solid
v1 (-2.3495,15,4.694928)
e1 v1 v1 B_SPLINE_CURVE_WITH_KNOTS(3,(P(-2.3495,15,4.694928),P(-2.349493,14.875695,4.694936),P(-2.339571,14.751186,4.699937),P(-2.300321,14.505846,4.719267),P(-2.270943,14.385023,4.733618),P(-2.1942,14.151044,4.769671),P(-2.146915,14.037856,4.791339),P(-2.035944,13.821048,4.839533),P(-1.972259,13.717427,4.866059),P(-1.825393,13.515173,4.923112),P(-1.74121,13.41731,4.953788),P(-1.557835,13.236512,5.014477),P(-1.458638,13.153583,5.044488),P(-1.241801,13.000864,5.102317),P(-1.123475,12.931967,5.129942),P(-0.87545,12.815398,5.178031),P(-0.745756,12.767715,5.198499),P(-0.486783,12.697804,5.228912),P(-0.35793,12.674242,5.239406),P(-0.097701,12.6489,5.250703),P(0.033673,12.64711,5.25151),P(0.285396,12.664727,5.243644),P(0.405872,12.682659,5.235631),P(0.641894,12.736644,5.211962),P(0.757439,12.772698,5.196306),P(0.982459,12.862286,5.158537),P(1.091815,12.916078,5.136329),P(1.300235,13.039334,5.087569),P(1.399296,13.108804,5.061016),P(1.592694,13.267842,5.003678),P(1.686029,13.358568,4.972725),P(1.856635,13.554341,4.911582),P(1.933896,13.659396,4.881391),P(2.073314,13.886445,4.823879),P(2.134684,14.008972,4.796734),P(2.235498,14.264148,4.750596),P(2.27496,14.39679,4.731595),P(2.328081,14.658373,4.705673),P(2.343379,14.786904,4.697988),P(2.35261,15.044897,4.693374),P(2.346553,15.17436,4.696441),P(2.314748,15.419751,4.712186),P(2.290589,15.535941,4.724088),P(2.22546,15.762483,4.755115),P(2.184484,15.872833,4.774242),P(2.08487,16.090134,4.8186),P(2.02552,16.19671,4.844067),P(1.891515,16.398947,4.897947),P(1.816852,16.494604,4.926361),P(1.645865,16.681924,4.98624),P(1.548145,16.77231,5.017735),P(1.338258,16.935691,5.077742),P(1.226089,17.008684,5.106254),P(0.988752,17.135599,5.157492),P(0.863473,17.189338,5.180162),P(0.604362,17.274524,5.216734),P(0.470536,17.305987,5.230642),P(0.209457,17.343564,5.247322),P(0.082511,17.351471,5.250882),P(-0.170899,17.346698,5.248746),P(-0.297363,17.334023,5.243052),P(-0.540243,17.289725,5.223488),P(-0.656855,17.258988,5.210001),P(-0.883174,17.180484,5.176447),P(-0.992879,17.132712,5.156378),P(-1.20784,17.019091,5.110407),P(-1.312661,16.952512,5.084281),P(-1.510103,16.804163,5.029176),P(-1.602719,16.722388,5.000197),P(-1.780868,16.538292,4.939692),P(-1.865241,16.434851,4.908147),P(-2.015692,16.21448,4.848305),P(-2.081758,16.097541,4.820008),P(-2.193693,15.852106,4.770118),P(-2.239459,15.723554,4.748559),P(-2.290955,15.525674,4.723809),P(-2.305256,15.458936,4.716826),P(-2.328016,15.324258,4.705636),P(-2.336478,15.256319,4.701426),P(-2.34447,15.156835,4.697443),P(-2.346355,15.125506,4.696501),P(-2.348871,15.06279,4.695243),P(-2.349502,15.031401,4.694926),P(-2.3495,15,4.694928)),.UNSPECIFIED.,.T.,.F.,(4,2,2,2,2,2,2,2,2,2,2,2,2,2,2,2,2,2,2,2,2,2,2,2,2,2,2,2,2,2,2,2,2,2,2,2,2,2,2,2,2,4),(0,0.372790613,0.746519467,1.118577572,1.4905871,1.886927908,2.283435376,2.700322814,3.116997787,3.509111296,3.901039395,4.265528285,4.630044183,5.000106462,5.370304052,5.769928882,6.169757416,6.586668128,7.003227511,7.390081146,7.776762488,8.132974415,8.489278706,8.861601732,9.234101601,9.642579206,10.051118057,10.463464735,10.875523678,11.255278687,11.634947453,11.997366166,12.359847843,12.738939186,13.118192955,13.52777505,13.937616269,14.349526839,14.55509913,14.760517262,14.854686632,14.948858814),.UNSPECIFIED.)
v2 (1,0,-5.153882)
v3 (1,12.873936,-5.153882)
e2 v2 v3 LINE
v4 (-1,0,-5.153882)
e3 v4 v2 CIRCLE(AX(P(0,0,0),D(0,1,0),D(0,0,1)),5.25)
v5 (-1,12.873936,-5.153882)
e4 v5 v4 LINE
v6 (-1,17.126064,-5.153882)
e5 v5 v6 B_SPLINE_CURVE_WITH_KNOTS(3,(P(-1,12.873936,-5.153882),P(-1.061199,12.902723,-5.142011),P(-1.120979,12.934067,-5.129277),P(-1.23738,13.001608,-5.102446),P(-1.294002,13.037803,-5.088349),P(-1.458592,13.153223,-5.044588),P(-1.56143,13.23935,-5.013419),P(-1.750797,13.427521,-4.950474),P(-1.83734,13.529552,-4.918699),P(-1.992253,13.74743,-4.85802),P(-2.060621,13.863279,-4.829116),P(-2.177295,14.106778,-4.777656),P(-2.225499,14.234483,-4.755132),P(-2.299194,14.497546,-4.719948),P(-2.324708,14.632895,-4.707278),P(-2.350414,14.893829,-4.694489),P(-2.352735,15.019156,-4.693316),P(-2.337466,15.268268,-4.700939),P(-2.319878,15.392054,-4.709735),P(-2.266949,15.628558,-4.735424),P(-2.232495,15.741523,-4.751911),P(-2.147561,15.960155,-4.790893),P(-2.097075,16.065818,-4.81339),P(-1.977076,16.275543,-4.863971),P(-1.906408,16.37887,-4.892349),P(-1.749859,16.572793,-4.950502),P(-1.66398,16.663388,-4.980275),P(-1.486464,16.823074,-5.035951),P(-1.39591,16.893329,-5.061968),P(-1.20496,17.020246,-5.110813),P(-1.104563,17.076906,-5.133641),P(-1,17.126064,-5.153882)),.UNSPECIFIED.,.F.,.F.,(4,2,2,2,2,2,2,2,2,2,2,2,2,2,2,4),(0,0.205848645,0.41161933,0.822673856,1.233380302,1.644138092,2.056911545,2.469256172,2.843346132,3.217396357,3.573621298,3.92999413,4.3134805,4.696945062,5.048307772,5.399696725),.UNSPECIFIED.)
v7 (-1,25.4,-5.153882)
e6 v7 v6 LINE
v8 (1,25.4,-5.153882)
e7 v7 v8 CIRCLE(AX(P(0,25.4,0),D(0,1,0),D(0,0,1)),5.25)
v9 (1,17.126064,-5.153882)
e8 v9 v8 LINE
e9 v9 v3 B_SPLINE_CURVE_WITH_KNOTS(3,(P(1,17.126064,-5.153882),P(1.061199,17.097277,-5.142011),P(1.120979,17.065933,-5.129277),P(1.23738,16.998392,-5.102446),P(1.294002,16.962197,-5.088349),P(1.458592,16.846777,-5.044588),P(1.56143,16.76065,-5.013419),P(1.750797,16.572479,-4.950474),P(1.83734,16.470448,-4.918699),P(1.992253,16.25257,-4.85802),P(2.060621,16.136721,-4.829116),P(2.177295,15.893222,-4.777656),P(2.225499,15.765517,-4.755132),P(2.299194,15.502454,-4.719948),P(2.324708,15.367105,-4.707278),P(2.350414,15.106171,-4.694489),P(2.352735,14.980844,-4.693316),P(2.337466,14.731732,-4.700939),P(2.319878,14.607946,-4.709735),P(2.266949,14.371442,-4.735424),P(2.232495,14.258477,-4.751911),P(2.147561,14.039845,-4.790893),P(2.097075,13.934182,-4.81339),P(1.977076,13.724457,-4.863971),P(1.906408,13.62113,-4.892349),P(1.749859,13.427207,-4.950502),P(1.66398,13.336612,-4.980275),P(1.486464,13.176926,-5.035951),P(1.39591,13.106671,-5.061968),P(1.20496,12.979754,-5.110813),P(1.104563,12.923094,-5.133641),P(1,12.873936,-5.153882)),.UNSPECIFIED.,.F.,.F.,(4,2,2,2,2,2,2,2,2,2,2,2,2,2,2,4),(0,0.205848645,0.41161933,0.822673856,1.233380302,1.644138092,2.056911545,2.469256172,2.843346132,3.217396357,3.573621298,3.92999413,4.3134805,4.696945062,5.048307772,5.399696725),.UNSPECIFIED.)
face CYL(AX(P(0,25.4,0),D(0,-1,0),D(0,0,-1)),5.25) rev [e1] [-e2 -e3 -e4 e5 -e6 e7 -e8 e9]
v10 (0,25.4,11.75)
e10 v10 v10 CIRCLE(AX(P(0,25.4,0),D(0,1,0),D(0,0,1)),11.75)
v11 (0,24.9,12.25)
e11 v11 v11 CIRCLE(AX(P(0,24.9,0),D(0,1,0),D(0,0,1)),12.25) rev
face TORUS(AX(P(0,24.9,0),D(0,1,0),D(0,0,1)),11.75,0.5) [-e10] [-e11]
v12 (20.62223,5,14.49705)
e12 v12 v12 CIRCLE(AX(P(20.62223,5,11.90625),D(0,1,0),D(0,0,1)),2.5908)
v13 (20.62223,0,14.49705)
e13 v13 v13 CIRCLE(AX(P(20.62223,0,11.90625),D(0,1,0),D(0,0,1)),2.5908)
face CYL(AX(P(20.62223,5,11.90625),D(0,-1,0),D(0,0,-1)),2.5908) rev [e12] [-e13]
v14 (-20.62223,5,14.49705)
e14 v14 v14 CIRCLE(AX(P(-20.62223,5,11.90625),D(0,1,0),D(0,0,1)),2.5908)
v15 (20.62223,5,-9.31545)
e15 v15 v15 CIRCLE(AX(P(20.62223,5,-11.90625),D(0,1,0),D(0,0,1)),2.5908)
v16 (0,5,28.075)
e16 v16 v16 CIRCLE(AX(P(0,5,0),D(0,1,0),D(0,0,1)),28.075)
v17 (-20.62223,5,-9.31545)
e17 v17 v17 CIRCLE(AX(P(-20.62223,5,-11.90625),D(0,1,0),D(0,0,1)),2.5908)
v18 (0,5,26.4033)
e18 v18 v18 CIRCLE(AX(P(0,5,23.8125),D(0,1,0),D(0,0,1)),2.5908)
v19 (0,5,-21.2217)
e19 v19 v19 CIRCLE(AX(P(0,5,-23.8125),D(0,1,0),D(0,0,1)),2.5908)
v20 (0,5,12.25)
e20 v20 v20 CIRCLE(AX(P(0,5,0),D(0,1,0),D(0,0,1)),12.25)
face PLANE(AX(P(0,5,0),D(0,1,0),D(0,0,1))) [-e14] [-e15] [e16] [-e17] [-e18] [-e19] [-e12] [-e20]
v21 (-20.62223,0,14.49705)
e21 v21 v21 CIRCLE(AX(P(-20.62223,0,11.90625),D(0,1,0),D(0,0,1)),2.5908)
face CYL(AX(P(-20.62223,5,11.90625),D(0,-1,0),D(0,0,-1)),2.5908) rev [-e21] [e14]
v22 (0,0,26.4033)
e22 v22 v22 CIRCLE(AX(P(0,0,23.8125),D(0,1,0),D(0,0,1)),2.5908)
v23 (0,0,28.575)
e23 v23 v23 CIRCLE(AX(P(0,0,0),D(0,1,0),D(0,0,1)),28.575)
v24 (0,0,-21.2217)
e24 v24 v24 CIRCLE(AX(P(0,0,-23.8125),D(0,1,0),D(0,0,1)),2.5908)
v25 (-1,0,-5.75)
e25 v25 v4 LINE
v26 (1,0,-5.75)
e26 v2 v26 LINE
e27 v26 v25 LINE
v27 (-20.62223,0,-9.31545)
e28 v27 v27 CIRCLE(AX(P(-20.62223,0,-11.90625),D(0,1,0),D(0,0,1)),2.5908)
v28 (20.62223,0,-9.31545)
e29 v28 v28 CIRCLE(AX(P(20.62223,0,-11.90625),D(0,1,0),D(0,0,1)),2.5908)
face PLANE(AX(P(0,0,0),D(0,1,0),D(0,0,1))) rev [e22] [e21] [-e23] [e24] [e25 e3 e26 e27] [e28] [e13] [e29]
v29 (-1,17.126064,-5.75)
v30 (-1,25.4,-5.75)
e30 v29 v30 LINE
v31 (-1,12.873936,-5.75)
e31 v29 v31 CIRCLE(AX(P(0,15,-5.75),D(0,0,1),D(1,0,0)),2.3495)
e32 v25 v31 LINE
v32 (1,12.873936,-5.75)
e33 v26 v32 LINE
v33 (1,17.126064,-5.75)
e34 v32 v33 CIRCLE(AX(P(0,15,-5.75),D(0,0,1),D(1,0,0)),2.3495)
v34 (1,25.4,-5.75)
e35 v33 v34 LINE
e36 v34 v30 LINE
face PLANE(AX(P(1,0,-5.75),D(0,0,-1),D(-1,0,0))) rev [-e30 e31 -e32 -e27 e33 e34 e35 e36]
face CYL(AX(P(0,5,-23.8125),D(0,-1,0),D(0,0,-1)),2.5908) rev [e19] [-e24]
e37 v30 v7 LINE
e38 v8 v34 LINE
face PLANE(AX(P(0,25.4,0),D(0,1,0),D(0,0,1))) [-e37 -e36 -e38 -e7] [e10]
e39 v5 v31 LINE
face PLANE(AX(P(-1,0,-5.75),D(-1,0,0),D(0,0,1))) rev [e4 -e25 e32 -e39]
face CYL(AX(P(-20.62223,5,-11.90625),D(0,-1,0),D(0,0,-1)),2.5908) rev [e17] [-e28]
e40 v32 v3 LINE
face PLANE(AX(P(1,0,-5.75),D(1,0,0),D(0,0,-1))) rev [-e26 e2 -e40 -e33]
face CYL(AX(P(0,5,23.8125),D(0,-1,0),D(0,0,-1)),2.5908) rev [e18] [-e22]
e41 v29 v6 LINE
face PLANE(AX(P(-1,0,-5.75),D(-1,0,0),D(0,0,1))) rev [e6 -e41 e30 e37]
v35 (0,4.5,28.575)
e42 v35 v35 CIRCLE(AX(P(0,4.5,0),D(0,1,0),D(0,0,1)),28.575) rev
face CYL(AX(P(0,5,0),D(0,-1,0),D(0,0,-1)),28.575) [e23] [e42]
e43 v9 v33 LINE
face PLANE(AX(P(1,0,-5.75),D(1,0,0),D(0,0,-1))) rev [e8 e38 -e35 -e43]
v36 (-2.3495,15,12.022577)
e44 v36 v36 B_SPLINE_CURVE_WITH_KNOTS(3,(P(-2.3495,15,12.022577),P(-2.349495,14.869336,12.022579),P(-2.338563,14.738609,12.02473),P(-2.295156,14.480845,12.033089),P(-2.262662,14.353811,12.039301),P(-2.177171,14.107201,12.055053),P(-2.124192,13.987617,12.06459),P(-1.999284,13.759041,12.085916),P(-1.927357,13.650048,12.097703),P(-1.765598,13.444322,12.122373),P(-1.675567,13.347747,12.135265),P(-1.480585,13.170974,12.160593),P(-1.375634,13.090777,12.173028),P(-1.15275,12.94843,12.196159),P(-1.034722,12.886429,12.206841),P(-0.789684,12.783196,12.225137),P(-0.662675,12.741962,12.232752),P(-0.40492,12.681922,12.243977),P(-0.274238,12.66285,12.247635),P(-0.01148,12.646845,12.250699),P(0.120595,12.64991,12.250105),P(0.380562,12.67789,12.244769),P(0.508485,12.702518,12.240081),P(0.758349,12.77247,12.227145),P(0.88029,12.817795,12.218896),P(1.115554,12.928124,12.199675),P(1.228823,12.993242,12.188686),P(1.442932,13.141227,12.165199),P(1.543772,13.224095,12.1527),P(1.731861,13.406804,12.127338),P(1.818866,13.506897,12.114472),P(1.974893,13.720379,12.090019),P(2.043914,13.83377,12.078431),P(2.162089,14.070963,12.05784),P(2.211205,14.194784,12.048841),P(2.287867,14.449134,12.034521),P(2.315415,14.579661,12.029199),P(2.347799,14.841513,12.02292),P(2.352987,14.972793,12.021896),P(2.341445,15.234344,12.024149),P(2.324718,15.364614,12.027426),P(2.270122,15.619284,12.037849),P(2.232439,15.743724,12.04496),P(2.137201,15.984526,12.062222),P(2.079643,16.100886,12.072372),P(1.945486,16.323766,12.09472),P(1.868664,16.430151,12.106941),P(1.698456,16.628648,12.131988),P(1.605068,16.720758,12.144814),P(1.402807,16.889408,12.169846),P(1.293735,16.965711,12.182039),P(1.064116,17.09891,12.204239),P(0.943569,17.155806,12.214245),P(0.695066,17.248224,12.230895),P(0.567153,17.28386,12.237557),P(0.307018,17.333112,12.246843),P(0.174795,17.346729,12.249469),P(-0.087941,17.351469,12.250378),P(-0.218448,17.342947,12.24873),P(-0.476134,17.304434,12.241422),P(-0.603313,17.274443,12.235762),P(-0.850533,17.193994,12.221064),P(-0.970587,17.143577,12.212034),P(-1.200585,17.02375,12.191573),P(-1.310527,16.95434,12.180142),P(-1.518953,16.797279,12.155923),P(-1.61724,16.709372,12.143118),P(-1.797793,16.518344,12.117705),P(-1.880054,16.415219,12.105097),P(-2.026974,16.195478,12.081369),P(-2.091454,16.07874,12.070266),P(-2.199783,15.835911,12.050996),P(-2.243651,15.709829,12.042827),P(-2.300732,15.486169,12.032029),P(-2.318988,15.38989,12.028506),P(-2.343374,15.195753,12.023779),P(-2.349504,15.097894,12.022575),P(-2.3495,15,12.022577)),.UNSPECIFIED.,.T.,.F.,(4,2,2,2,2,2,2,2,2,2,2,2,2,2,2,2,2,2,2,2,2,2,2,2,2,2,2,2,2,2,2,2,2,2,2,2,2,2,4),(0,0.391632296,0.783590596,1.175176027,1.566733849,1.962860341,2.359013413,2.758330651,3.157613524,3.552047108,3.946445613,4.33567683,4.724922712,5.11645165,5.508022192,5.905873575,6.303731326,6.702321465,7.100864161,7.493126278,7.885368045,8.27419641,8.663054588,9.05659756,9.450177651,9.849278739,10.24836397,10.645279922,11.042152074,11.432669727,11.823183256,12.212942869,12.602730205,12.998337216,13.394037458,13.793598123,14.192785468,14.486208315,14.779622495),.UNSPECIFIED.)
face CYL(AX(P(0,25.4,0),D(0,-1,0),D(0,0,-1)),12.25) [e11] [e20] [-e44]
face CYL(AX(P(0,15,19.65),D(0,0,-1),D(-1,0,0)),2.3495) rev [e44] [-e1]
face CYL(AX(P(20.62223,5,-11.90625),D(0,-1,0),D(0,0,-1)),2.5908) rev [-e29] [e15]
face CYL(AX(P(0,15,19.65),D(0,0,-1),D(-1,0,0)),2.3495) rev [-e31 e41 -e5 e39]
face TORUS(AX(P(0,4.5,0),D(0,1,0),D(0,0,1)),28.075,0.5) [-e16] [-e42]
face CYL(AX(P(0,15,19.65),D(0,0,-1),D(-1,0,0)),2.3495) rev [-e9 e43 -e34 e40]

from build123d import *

# Parameters (mm, degrees)
SKETCH1_R           = 28.575
SKETCH1_R_2         = 2.5908
SKETCH1_R_3         = 12.25
BOSS_EXTRUDE1_DEPTH = 5
SKETCH1_3_R         = 12.25
SKETCH1_3_R_2       = 5.25
BOSS_EXTRUDE2_DEPTH = 25.4
FILLET2_R           = 0.5
SKETCH2_W           = 2
SKETCH2_H           = 1
CUT_EXTRUDE1_DEPTH  = 48.730716061
SKETCH3_R           = 2.3495
CUT_EXTRUDE4_DEPTH  = 25.4


with BuildPart() as part:
    # Sketch1 → Boss-Extrude1 (new body)
    with BuildSketch(Plane(origin=(0, 0, 0), x_dir=(1, 0, 0), z_dir=(0, 1, 0))):
        Circle(SKETCH1_R)
        with Locations((-20.622229928, -11.90625)):
            Circle(SKETCH1_R_2, mode=Mode.SUBTRACT)
        with Locations((0, -23.8125)):
            Circle(SKETCH1_R_2, mode=Mode.SUBTRACT)
        with Locations((20.622229928, -11.90625)):
            Circle(SKETCH1_R_2, mode=Mode.SUBTRACT)
        with Locations((-20.622229928, 11.90625)):
            Circle(SKETCH1_R_2, mode=Mode.SUBTRACT)
        Circle(SKETCH1_R_3, mode=Mode.SUBTRACT)
        with Locations((20.622229928, 11.90625)):
            Circle(SKETCH1_R_2, mode=Mode.SUBTRACT)
        with Locations((0, 23.8125)):
            Circle(SKETCH1_R_2, mode=Mode.SUBTRACT)
    extrude(amount=BOSS_EXTRUDE1_DEPTH)

    # Sketch1<3> → Boss-Extrude2 (add)
    with BuildSketch(Plane(origin=(0, 0, 0), x_dir=(1, 0, 0), z_dir=(0, 1, 0))):
        Circle(SKETCH1_3_R)
        Circle(SKETCH1_3_R_2, mode=Mode.SUBTRACT)
    extrude(amount=BOSS_EXTRUDE2_DEPTH)

    # Fillet2
    fillet2_edges = [part.edges().sort_by_distance(p)[0] for p in [
        (-12.25, 25.4, 0),
        (-28.575, 5, 0),
    ]]
    fillet(fillet2_edges, radius=FILLET2_R)

    # Sketch2 → Cut-Extrude1 (cut, through all)
    with BuildSketch(Plane(origin=(0, 25.4, 0), x_dir=(1, 0, 0), z_dir=(0, 1, 0))):
        with Locations((0, 5.25)):
            Rectangle(SKETCH2_W, SKETCH2_H)
    extrude(amount=-CUT_EXTRUDE1_DEPTH, mode=Mode.SUBTRACT)

    # Sketch3 → Cut-Extrude4 (cut)
    with BuildSketch(Plane.XY.offset(-5.75)):
        with Locations((0, 15)):
            Circle(SKETCH3_R)
    extrude(amount=CUT_EXTRUDE4_DEPTH, mode=Mode.SUBTRACT)


solid = part.part
